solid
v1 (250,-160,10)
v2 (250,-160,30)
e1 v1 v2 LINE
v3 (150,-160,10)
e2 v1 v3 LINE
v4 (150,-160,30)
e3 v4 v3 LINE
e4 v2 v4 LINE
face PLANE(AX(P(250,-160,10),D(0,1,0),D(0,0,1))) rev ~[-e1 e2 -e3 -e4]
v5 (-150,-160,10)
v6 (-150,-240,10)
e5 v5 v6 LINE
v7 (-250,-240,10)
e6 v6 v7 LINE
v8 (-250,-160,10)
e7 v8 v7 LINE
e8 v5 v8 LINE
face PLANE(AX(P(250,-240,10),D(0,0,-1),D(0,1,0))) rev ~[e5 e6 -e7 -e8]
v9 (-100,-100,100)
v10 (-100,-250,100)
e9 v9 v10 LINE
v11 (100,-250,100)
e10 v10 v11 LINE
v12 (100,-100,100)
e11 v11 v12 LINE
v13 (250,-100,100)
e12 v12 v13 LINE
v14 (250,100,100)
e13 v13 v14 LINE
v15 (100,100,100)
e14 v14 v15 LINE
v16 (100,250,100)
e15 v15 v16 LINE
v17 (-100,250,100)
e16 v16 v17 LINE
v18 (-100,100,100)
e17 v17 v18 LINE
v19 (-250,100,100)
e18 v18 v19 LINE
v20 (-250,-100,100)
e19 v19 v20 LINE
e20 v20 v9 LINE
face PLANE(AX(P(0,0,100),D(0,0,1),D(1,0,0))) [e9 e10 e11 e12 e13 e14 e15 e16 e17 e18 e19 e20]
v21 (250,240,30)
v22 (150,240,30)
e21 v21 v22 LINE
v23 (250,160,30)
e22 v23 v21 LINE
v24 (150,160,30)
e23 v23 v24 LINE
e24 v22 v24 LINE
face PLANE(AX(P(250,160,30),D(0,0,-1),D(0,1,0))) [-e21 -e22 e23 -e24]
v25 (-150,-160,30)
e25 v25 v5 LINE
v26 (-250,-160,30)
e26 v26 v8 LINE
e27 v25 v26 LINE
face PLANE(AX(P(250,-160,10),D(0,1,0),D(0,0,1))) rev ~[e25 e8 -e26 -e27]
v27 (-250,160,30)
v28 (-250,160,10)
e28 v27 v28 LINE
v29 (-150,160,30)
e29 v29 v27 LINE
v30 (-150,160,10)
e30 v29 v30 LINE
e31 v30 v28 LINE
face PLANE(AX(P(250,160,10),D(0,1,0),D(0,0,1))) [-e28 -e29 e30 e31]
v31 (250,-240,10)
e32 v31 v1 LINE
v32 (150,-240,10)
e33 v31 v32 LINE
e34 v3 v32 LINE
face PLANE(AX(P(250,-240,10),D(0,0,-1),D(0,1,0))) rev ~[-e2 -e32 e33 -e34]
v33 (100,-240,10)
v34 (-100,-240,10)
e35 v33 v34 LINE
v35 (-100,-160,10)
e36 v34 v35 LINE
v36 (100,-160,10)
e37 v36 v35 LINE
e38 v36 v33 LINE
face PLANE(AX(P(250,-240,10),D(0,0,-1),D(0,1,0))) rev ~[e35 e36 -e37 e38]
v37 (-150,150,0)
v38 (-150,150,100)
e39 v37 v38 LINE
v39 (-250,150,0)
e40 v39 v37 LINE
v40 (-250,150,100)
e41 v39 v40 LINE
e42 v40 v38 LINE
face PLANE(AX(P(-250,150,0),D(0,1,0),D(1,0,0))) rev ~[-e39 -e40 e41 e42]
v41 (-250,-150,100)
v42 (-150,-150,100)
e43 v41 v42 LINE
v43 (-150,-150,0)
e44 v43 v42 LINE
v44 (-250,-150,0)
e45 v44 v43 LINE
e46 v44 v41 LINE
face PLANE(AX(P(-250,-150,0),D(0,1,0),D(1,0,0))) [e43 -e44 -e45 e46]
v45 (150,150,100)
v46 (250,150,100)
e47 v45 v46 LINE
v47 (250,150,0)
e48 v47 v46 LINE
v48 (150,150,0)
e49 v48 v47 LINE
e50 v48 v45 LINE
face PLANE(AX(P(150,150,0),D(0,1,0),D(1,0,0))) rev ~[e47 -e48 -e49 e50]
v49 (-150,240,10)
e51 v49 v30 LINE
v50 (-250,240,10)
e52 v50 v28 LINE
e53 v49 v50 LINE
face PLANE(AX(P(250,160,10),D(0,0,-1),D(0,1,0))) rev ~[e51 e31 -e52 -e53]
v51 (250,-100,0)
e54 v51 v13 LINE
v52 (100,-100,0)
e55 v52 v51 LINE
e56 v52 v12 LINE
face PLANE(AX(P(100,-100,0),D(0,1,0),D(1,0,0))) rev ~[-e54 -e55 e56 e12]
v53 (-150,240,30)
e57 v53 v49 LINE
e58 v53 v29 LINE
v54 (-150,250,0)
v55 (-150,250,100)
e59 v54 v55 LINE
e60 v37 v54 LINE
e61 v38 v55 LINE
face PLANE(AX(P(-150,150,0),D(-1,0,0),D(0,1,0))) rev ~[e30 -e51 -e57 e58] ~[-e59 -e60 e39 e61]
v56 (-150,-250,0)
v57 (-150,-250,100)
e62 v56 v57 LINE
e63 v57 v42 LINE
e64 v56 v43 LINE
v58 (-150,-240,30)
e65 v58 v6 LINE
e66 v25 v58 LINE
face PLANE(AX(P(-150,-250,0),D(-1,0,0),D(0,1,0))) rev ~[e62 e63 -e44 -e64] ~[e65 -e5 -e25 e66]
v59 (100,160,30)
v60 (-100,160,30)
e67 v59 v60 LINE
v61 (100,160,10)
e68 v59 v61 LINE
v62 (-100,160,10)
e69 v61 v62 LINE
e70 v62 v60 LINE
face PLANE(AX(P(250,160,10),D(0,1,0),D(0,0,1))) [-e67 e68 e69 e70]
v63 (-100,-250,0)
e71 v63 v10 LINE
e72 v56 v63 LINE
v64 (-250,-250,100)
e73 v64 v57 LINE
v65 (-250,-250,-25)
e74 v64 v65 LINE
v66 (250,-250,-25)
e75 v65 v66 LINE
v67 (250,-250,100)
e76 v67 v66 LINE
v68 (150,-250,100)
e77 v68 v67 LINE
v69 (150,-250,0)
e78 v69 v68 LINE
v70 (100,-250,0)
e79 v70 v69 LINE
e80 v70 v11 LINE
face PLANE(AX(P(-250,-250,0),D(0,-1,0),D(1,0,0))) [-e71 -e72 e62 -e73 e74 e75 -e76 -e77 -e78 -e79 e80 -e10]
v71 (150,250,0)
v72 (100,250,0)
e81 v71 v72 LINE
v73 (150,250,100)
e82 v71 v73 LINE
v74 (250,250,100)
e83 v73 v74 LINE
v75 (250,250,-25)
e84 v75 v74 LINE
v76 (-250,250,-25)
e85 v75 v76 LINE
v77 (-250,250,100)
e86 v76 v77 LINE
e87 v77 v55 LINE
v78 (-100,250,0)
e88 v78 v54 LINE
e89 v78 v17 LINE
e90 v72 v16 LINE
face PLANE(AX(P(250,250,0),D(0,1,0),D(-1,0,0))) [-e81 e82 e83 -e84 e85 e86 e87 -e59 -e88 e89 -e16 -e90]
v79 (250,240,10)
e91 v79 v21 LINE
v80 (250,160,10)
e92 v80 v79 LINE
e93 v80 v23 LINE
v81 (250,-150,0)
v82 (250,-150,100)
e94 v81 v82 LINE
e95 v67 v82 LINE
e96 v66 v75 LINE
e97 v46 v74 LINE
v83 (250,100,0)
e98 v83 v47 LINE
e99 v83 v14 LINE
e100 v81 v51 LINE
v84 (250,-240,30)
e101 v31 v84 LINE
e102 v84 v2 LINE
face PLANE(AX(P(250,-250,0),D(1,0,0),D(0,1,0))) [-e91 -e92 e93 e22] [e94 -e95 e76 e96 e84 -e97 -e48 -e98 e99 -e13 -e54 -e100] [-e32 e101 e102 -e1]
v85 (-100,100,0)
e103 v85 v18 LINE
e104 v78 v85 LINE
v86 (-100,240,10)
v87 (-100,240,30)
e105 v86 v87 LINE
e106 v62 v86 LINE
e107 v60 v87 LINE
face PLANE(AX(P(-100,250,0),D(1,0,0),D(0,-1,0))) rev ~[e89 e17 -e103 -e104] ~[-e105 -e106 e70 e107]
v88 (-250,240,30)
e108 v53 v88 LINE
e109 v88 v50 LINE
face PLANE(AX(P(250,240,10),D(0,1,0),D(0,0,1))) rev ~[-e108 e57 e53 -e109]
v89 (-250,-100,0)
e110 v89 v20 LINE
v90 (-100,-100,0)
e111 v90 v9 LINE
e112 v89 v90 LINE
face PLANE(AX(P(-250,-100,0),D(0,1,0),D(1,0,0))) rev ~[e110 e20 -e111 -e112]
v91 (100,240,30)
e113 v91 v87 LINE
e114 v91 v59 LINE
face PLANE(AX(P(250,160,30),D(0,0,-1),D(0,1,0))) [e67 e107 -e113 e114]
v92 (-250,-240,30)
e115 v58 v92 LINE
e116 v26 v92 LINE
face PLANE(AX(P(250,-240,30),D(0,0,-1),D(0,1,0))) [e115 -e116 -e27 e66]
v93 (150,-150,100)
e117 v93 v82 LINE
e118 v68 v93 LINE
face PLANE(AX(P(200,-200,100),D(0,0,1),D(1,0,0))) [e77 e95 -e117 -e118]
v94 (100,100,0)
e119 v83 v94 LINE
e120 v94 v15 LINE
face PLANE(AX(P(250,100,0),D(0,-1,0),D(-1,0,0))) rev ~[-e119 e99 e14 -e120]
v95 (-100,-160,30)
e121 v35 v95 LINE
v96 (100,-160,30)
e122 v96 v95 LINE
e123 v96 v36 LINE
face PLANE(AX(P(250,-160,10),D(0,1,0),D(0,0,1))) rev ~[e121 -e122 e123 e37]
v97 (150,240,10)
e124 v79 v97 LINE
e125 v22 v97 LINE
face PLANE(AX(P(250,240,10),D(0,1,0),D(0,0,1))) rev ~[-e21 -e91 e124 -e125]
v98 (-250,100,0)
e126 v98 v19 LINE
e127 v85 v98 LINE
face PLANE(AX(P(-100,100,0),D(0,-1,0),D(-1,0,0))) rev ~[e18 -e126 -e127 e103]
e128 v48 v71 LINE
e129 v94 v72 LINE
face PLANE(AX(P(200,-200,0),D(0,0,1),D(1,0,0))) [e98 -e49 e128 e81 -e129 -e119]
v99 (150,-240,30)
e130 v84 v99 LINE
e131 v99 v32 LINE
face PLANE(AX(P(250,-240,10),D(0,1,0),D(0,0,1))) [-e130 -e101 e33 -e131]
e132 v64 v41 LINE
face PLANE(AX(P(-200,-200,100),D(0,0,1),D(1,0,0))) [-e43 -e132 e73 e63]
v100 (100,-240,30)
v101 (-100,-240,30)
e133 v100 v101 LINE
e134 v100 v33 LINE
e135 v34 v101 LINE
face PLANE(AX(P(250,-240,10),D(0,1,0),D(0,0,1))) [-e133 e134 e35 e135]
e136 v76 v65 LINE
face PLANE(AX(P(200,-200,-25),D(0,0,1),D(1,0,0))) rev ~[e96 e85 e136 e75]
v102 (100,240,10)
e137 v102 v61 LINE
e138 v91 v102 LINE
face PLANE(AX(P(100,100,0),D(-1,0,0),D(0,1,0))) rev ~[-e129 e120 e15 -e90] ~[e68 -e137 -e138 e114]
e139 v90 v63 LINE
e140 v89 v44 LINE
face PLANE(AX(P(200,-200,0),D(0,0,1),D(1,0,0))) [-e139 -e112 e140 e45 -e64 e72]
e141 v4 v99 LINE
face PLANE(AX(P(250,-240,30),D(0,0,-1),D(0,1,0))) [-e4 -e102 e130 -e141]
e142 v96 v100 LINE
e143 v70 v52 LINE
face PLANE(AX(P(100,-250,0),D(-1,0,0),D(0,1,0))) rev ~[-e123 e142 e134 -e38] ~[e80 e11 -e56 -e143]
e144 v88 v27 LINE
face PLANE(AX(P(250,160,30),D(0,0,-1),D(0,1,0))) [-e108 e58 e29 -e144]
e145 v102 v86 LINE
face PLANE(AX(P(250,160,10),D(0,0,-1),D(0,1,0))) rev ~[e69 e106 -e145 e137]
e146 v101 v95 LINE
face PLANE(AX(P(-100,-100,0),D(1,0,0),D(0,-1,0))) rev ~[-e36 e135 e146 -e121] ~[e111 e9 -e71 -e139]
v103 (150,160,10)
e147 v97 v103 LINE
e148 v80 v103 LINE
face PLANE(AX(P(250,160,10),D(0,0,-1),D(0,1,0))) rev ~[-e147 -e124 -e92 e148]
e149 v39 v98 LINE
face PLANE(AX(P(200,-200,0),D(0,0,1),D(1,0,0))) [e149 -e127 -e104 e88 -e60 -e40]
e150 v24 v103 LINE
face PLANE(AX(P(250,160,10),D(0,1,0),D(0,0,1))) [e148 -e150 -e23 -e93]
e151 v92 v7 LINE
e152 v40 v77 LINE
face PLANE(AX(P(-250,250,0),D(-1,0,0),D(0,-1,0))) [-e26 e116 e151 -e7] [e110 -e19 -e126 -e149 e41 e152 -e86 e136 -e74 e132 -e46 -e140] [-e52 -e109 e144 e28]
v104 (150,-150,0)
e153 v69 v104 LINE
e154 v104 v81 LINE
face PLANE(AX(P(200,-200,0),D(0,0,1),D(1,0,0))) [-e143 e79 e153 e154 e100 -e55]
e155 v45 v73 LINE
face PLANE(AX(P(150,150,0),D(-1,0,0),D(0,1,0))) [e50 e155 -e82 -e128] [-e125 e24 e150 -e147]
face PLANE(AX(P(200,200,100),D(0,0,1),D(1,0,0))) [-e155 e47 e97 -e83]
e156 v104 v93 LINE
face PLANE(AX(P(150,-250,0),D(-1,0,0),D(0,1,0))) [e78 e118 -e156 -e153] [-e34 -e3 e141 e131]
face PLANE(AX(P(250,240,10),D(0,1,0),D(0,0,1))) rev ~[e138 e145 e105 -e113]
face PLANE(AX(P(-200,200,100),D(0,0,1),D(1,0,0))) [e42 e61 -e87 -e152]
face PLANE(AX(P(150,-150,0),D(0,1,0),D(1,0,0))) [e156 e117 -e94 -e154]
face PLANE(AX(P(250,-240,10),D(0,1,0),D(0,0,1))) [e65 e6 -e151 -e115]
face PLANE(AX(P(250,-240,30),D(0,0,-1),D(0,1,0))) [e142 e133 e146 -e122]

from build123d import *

# Parameters (mm, degrees)
F0_W     = 100
F0_H     = 100
F1_DEPTH = 100
F2_DEPTH = 25
F3_W     = 80
F3_H     = 20
F4_DEPTH = 5000


with BuildPart() as f1:
    # F0 (on Top) → F1 (new body)
    with BuildSketch(Plane.XY):
        Polygon((100, 100), (100, 250), (-100, 250), (-100, 100), (-250, 100), (-250, -100), (-100, -100), (-100, -250), (100, -250), (100, -100), (250, -100), (250, 100), align=None)
        with Locations((-200, -200)):
            Rectangle(F0_W, F0_H)
        with Locations((200, -200)):
            Rectangle(F0_W, F0_H)
        with Locations((200, 200)):
            Rectangle(F0_W, F0_H)
        with Locations((-200, 200)):
            Rectangle(F0_W, F0_H)
    extrude(amount=F1_DEPTH)

    # F0 (on Top) → F2 (join)
    with BuildSketch(Plane.XY):
        with Locations((200, -200)):
            Rectangle(F0_W, F0_H)
        Polygon((250, -150), (250, -100), (100, -100), (100, -250), (150, -250), (150, -150), align=None)
        Polygon((150, 150), (150, 250), (100, 250), (100, 100), (250, 100), (250, 150), align=None)
        with Locations((200, 200)):
            Rectangle(F0_W, F0_H)
        Polygon((100, 100), (100, 250), (-100, 250), (-100, 100), (-250, 100), (-250, -100), (-100, -100), (-100, -250), (100, -250), (100, -100), (250, -100), (250, 100), align=None)
        Polygon((-100, -100), (-250, -100), (-250, -150), (-150, -150), (-150, -250), (-100, -250), align=None)
        with Locations((-200, -200)):
            Rectangle(F0_W, F0_H)
        Polygon((-100, 100), (-100, 250), (-150, 250), (-150, 150), (-250, 150), (-250, 100), align=None)
        with Locations((-200, 200)):
            Rectangle(F0_W, F0_H)
    extrude(amount=-F2_DEPTH)

    # F3 (on face) → F4 (cut)
    with BuildSketch(Plane.YZ.offset(250)):
        with Locations((-200, 20)):
            Rectangle(F3_W, F3_H)
        with Locations((200, 20)):
            Rectangle(F3_W, F3_H)
    extrude(amount=-F4_DEPTH, mode=Mode.SUBTRACT)


solid = f1.part
